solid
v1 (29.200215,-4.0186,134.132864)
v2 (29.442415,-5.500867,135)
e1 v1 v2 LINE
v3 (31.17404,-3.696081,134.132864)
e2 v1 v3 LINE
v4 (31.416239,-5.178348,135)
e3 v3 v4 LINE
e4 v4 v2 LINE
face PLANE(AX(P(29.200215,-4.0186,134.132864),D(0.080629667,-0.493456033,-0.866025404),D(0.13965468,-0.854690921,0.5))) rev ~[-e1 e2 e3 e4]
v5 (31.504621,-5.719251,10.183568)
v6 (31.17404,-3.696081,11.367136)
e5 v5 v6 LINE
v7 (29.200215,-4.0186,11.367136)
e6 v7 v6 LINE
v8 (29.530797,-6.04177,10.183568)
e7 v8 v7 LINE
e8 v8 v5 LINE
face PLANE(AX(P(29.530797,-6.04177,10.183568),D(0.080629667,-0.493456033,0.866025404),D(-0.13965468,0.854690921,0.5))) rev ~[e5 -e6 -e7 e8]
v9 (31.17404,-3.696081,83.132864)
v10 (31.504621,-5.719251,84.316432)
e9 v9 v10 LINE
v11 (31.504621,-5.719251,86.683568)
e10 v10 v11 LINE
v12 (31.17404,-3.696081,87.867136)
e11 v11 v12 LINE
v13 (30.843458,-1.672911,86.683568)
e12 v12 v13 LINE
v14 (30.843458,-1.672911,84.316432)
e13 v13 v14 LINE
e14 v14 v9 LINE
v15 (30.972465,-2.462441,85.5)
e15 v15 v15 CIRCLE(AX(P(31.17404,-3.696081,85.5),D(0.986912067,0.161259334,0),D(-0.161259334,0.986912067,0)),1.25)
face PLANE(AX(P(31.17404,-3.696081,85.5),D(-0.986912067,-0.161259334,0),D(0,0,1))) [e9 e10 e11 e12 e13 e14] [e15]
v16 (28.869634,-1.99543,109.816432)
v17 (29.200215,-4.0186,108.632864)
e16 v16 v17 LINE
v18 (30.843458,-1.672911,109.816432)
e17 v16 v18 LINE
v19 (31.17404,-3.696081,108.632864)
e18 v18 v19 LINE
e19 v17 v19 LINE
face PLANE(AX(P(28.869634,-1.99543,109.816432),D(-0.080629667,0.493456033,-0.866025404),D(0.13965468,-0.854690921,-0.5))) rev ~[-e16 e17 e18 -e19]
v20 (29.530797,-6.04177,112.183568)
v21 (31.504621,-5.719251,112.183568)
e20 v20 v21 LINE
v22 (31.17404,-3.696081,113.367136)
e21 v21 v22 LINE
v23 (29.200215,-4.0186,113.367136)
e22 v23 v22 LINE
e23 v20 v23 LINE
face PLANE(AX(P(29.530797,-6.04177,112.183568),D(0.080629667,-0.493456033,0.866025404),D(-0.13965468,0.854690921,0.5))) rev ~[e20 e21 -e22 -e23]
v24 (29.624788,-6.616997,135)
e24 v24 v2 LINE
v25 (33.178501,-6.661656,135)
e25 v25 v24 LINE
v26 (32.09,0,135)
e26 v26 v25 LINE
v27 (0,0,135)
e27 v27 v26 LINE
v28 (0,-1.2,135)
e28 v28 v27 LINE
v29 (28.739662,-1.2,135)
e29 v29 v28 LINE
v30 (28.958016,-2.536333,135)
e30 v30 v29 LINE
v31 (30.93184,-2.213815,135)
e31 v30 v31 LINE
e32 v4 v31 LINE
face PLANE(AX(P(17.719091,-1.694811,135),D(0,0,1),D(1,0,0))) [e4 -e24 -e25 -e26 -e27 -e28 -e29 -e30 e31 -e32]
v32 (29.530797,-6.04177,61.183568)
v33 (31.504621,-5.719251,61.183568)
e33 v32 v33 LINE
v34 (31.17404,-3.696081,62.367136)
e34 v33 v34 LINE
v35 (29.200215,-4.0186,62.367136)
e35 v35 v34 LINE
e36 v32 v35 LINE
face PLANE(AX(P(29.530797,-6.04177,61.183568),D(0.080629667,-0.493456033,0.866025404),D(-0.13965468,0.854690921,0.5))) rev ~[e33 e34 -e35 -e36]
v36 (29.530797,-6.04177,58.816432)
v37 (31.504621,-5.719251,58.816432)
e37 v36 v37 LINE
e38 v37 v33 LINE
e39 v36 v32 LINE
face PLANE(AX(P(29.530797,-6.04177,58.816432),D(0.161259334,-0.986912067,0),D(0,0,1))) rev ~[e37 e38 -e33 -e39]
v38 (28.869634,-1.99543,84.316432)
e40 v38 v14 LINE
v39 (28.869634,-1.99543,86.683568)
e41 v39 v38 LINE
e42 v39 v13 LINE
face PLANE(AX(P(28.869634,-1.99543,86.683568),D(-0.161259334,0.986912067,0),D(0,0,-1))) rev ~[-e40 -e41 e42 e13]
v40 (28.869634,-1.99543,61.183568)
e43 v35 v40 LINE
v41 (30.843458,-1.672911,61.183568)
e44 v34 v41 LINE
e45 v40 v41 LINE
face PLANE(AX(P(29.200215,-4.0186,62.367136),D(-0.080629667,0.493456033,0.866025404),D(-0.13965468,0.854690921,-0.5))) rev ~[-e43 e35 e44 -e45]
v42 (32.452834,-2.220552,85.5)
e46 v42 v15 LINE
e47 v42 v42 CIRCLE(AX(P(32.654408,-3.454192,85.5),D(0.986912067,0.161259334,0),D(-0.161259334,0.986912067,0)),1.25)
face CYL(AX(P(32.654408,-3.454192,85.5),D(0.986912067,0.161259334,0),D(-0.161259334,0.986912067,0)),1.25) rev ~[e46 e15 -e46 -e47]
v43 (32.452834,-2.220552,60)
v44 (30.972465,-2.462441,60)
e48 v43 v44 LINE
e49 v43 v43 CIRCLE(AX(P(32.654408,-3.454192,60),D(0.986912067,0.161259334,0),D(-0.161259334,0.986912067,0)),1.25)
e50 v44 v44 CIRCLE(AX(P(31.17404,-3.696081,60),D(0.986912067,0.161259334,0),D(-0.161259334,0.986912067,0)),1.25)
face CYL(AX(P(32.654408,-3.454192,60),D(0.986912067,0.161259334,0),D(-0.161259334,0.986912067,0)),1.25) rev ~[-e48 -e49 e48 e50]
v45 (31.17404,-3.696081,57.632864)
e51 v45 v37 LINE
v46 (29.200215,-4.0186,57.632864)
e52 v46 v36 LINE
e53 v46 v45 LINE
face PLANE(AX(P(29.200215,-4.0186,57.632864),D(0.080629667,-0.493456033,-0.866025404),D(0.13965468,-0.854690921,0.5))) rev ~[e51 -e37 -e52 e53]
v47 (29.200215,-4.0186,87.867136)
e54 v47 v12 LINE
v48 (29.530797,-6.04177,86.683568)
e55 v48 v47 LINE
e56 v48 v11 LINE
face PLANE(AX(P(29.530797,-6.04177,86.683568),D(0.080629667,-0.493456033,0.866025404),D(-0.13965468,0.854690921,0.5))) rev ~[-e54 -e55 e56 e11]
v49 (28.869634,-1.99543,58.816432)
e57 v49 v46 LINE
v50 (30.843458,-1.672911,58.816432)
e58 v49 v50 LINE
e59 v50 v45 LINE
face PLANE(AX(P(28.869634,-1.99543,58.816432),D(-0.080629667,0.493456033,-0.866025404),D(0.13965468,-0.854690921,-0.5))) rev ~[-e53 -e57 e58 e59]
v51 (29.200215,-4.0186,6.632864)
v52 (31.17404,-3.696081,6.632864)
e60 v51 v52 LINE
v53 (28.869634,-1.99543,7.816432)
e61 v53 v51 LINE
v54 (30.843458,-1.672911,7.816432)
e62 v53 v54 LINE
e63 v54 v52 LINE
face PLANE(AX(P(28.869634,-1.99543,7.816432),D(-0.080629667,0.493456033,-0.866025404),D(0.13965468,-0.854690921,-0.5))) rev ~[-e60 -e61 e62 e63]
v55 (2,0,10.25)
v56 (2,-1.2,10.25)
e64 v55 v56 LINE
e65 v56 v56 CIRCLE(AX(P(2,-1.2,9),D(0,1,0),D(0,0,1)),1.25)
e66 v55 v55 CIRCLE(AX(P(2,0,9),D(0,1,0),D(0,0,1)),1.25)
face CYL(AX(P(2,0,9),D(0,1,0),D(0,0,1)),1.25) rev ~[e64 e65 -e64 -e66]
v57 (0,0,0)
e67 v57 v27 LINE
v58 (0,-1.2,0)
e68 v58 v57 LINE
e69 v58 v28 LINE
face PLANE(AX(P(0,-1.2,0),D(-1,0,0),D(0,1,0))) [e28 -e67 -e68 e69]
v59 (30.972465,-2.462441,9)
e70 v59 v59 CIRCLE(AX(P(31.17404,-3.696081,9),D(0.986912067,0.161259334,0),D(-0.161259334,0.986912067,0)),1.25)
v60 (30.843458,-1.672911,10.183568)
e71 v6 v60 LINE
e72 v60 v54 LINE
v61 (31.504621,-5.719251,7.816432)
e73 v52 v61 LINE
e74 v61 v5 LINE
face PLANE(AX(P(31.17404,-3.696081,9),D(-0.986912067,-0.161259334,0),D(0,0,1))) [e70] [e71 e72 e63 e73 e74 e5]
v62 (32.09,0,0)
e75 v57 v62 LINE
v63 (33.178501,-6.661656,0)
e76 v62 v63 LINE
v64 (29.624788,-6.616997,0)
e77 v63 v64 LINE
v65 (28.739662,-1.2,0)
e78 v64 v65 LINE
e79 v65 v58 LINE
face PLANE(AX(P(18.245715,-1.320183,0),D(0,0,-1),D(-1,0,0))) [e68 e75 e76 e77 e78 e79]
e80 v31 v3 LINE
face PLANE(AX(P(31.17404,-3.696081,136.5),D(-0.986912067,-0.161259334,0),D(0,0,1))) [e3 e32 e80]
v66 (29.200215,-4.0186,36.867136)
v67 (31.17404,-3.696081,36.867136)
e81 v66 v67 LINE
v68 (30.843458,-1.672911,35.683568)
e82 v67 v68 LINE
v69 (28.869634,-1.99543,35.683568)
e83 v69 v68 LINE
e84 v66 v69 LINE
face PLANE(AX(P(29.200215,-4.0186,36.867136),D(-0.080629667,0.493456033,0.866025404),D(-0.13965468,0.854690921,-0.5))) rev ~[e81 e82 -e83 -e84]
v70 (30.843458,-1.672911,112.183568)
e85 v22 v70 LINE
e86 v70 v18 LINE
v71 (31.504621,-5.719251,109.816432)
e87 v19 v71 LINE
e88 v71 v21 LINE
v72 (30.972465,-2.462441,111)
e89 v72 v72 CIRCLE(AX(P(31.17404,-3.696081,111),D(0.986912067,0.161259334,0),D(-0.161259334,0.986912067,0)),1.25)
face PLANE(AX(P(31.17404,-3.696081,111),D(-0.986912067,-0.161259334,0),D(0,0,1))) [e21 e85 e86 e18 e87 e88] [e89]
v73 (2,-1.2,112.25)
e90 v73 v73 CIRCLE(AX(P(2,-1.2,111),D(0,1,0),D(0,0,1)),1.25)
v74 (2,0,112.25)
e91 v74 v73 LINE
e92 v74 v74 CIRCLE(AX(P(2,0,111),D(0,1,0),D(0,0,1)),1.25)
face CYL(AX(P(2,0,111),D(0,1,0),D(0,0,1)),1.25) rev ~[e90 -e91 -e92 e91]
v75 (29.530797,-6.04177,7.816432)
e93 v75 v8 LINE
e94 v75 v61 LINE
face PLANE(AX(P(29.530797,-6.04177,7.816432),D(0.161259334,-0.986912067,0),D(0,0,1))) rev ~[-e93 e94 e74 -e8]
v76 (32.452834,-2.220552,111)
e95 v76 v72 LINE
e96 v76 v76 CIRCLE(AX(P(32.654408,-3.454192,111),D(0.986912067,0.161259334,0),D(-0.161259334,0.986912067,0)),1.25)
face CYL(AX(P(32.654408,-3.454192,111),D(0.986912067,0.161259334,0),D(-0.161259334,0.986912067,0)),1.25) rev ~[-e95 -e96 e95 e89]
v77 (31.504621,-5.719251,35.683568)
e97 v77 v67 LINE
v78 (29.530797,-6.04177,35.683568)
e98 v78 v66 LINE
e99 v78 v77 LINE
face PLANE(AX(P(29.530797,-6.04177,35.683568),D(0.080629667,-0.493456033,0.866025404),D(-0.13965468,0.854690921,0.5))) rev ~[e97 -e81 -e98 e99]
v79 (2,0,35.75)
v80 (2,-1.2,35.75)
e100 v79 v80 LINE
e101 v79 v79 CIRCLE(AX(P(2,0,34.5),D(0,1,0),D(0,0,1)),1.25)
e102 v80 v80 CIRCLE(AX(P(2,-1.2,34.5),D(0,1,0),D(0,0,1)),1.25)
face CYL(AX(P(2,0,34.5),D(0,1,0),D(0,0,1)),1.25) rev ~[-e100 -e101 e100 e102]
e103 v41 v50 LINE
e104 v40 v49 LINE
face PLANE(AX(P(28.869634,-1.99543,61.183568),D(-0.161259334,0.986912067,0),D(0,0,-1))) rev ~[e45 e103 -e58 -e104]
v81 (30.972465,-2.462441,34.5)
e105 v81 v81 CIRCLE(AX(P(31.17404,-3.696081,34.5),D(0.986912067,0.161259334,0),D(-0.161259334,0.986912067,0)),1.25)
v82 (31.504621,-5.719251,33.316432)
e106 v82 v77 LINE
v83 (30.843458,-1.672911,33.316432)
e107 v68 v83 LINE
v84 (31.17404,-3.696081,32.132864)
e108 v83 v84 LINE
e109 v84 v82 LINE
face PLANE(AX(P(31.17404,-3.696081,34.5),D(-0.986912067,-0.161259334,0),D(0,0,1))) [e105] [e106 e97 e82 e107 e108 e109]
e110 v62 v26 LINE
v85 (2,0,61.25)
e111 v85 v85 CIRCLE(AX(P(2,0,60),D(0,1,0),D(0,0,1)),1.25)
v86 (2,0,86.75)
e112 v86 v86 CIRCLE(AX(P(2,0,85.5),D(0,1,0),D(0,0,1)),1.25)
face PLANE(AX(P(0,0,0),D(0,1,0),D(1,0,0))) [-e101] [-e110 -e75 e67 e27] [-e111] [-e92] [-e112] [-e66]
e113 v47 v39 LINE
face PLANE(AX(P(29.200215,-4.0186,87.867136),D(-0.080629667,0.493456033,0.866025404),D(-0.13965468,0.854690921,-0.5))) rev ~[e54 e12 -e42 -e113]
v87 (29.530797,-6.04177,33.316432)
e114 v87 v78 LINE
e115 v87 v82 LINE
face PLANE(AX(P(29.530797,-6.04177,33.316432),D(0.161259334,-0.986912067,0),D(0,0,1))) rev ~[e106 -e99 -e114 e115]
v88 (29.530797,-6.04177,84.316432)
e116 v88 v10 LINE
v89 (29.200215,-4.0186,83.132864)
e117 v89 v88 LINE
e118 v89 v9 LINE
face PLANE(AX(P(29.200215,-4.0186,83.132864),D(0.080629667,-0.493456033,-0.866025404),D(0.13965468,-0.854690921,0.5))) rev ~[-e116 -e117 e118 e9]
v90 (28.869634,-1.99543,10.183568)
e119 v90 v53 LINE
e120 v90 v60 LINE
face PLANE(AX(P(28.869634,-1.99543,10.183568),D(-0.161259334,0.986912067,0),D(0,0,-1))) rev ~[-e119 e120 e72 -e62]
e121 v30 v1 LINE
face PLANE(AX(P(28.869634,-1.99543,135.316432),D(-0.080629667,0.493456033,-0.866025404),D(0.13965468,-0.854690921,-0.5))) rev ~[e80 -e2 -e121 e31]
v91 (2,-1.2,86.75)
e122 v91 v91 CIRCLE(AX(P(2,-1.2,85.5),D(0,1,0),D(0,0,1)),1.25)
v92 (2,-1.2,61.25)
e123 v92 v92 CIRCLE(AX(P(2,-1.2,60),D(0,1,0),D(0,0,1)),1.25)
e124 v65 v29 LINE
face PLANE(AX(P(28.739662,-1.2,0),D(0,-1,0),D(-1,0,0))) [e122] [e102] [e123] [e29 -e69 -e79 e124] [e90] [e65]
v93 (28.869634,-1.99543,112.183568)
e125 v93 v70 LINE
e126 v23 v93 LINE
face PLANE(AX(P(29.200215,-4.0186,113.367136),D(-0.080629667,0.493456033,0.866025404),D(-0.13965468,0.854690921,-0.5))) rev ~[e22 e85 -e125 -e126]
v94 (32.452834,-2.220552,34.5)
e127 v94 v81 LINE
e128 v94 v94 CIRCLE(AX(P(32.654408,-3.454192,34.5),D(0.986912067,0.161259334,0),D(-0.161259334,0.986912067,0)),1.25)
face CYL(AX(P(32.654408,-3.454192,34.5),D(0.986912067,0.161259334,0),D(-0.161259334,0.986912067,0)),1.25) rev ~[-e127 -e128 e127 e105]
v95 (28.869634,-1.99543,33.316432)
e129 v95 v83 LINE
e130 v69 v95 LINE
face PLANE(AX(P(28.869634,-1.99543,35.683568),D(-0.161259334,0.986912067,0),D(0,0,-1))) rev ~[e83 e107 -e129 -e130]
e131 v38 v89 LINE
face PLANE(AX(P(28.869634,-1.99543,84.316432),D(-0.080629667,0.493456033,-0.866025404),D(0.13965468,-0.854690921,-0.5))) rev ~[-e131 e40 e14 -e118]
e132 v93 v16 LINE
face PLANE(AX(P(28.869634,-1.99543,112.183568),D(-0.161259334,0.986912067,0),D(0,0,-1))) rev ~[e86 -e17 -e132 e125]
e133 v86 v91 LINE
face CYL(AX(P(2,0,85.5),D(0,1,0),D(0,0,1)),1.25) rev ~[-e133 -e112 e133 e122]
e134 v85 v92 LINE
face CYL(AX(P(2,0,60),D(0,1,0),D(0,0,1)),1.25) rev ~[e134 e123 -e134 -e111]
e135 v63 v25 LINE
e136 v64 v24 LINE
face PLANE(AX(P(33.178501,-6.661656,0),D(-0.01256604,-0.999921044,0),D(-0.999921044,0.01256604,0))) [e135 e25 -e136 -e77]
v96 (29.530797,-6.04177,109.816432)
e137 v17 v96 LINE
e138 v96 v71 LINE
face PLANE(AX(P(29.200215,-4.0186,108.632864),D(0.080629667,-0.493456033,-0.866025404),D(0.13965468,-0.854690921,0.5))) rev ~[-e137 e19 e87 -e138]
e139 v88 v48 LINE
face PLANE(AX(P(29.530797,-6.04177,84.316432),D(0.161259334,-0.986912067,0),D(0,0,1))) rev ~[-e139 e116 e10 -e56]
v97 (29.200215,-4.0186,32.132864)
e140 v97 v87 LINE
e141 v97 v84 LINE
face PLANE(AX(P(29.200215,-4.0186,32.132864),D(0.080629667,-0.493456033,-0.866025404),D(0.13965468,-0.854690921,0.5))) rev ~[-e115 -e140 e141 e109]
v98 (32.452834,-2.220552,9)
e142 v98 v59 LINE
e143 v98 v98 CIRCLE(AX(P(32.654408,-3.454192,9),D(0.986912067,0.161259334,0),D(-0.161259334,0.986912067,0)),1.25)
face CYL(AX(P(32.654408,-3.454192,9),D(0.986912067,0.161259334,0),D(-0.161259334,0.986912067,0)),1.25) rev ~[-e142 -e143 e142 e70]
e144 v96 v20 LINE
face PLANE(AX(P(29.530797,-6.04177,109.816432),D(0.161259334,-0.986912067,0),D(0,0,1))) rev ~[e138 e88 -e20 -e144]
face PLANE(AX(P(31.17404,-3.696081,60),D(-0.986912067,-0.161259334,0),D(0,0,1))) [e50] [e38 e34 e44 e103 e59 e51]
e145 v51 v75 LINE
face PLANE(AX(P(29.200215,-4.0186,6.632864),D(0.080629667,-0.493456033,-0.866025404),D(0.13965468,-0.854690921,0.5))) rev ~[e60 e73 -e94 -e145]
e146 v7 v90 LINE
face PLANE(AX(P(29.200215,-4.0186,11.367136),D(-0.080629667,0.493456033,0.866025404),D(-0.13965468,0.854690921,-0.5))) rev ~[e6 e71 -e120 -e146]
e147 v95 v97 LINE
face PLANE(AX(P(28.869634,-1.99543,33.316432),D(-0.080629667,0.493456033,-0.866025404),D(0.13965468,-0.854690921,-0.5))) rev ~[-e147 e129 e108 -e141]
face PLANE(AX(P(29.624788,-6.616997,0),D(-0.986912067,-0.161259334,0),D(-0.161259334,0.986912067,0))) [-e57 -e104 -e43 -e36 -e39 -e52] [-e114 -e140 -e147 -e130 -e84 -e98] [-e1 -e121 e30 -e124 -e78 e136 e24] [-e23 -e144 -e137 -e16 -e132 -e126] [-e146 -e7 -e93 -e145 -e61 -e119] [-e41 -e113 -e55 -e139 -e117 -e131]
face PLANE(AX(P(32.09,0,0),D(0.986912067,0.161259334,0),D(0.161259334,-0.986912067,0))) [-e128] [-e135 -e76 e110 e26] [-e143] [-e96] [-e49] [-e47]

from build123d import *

# Parameters (mm, degrees)
BOSS_EXTRUDE1_DEPTH = 171
SKETCH2_R           = 1.25
CUT_EXTRUDE1_DEPTH  = 50
SKETCH3_R           = 1.25
CUT_EXTRUDE2_DEPTH  = 50
CUT_EXTRUDE3_DEPTH  = 2
LPATTERN1_COUNT     = 7
LPATTERN1_PITCH     = 25.5
SKETCH5_W           = 58.422821226
SKETCH5_H           = 32.27704233
CUT_EXTRUDE4_DEPTH  = 36


with BuildPart() as part:
    # Sketch1 → Boss-Extrude1 (new body)
    with BuildSketch(Plane.XY):
        Polygon((0, 0), (32.09, 0), (33.178500502, -6.66165645), (29.624787969, -6.61699683), (28.739662203, -1.2), (0, -1.2), align=None)
    extrude(amount=BOSS_EXTRUDE1_DEPTH)

    # Sketch2 → Cut-Extrude1 (cut)
    with BuildSketch(Plane(origin=(0, 0, 0), x_dir=(1, 0, 0), z_dir=(0, 1, 0))):
        with Locations(Location((2, -9, 0), (0, 0, 270))):
            Circle(SKETCH2_R)
    cut_extrude1 = extrude(amount=-CUT_EXTRUDE1_DEPTH, mode=Mode.SUBTRACT)

    # Sketch3 → Cut-Extrude2 (cut)
    with BuildSketch(Plane(origin=(31.255513263, 5.107084422, 0), x_dir=(0, 0, -1), z_dir=(0.9869120666582158, 0.16125933363501674, 0))):
        with Locations(Location((-9, -8.674812016, 0), (0, 0, 90))):
            Circle(SKETCH3_R)
    cut_extrude2 = extrude(amount=-CUT_EXTRUDE2_DEPTH, mode=Mode.SUBTRACT)

    # Sketch4 → Cut-Extrude3 (cut)
    with BuildSketch(Plane(origin=(27.801321029, 4.542676754, 0), x_dir=(0, 0, 1), z_dir=(-0.9869120666582157, -0.1612593336350174, 0))):
        Polygon((7.816431948, -6.624812016), (6.632863896, -8.674812016), (7.816431948, -10.724812016), (10.183568052, -10.724812016), (11.367136104, -8.674812016), (10.183568052, -6.624812016), align=None)
    cut_extrude3 = extrude(amount=-CUT_EXTRUDE3_DEPTH, mode=Mode.SUBTRACT)

    # LPattern1: Cut-Extrude1, Cut-Extrude2, Cut-Extrude3 ×7
    with Locations(*[(0, 0, i * LPATTERN1_PITCH) for i in range(1, LPATTERN1_COUNT)]):
        add(cut_extrude1, mode=Mode.SUBTRACT)
        add(cut_extrude2, mode=Mode.SUBTRACT)
        add(cut_extrude3, mode=Mode.SUBTRACT)

    # Sketch5 → Cut-Extrude4 (cut)
    with BuildSketch(Plane.XY.offset(171)):
        with Locations((17.719091417, -1.694811413)):
            Rectangle(SKETCH5_W, SKETCH5_H)
    extrude(amount=-CUT_EXTRUDE4_DEPTH, mode=Mode.SUBTRACT)


solid = part.part
